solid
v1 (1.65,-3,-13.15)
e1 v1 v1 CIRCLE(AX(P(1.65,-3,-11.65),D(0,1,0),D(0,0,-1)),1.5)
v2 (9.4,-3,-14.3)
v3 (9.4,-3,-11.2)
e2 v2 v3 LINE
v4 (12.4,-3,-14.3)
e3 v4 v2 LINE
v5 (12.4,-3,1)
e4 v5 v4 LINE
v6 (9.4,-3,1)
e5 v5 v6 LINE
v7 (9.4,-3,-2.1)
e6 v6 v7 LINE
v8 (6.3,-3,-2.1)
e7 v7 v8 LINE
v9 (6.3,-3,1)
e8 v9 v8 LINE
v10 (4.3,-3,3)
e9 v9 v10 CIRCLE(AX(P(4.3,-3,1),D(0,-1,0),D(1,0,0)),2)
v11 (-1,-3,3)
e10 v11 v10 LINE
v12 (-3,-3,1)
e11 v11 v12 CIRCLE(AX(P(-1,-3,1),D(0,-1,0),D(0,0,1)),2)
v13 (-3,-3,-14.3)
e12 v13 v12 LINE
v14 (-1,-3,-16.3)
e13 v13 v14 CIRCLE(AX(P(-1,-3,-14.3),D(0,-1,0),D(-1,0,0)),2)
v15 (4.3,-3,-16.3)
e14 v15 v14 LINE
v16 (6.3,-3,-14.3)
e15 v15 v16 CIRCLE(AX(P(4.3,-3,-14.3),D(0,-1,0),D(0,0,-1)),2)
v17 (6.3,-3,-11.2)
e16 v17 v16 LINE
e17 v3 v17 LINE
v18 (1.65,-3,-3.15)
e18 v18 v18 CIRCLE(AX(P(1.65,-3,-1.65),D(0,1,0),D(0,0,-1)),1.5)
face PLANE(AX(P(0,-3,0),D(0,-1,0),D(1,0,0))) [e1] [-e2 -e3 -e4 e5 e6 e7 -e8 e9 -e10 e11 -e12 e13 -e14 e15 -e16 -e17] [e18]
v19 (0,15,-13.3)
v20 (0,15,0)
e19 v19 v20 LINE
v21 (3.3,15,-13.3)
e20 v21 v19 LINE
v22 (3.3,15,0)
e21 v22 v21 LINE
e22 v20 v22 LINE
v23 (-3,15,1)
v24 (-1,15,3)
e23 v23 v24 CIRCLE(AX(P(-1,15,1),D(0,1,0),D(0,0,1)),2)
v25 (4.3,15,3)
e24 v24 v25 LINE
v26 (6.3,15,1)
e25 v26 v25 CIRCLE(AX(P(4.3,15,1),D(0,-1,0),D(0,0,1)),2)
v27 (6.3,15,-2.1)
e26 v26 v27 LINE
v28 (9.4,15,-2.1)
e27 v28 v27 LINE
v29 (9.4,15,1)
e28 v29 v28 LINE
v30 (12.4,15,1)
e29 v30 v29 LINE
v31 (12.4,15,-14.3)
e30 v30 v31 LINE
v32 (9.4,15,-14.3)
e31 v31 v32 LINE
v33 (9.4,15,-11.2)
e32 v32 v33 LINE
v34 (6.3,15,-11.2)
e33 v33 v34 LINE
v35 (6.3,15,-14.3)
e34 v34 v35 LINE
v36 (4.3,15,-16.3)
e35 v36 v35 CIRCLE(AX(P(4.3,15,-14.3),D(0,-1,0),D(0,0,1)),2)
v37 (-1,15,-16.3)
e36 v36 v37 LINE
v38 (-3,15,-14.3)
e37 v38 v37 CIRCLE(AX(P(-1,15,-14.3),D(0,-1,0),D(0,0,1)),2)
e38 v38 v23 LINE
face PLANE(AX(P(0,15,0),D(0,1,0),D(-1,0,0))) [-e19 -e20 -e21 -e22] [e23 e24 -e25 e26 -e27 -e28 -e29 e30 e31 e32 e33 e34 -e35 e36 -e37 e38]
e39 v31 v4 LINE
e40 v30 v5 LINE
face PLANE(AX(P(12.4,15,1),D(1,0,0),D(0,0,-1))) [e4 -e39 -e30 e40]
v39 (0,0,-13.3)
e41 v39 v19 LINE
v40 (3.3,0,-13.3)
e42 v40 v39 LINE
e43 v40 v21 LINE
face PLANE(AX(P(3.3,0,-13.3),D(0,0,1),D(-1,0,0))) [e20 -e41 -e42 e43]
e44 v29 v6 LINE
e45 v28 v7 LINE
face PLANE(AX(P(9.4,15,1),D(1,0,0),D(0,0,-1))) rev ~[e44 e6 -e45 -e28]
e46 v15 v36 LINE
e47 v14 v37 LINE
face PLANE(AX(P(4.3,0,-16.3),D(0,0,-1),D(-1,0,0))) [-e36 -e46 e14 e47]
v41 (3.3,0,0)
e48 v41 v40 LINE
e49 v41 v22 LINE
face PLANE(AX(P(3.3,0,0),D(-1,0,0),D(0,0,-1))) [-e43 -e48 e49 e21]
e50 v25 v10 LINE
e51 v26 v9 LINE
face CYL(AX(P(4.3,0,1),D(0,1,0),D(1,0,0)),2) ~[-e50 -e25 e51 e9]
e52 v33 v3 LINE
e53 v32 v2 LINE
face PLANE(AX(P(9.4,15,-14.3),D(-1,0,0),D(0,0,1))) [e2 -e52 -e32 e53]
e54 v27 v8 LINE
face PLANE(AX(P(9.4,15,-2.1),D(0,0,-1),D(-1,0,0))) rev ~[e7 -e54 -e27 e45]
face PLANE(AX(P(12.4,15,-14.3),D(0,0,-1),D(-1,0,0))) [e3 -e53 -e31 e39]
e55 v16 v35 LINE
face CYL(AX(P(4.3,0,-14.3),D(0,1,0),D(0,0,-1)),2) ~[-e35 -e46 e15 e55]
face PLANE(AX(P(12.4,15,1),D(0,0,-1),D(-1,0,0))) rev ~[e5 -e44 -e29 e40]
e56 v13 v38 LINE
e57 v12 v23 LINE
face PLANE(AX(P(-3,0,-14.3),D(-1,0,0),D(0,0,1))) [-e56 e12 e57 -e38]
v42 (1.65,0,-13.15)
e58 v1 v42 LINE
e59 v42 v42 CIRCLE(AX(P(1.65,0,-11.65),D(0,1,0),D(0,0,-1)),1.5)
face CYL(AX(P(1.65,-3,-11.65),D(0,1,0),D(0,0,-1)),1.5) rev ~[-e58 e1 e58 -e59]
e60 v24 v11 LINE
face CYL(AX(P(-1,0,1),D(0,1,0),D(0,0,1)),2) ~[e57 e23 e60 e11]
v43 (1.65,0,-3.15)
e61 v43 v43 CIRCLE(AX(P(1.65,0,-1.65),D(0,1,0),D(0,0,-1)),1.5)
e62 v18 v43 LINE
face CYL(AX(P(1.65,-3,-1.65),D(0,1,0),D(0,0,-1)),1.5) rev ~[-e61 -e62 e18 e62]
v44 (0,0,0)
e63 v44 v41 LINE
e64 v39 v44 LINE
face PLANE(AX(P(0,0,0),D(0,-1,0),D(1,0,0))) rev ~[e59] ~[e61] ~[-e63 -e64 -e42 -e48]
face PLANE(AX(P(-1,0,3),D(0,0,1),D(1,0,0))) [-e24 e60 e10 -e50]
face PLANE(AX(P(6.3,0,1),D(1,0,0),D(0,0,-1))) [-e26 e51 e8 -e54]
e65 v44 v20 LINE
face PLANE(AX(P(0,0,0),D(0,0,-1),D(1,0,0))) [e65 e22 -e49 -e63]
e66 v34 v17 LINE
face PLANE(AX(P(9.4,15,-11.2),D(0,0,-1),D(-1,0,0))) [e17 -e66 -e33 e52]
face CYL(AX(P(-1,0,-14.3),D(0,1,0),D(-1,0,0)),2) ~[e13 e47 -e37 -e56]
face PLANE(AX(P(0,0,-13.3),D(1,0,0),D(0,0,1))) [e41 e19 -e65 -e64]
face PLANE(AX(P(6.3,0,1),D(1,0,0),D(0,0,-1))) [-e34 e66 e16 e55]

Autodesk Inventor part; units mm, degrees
ref_plane "YZ Plane" through (0, 0, 0) normal (1, 0, 0) x (0, 1, 0)
ref_plane "XZ Plane" through (0, 0, 0) normal (0, 1, 0) x (-1, 0, 0)
ref_plane "XY Plane" through (0, 0, 0) normal (0, 0, 1) x (1, 0, 0)
sketch "Boceto1" plane through (0, 0, 0) normal (0, 1, 0) x (-1, 0, 0)
  line L0 (0, 0) -> (-3.3, 0)
  line L1 (-3.3, 0) -> (-3.3, -13.3)
  line L2 (-3.3, -13.3) -> (0, -13.3)
  line L3 (0, -13.3) -> (0, 0)
  line L4 (3, 3) -> (-6.3, 3)
  line L5 (-6.3, 3) -> (-6.3, -16.3)
  line L6 (-6.3, -16.3) -> (3, -16.3)
  line L7 (3, -16.3) -> (3, 3)
  dimension "d0" = 3.3
  dimension "d1" = 13.3
  dimension "d2" = 3
extrude "Extrusión1" add sketch "Boceto1" along normal blind 15
fillet "Empalme1" radius 2 4 edges at (6.3, 7.5, 3) (-3, 7.5, 3) (-3, 7.5, -16.3) (6.3, 7.5, -16.3)
sketch "Boceto2" plane through (0, 0, 0) normal (0, -1, 0) x (1, 0, 0)
  line L0 (6.3, 1) -> (6.3, -14.3) projected
  arc A0 (6.3, 1) -> (4.3, 3) centre (4.3, 1) ccw projected
  line L1 (-1, 3) -> (4.3, 3) projected
  arc A1 (-1, 3) -> (-3, 1) centre (-1, 1) ccw projected
  line L2 (-3, -14.3) -> (-3, 1) projected
  arc A2 (-3, -14.3) -> (-1, -16.3) centre (-1, -14.3) ccw projected
  line L3 (4.3, -16.3) -> (-1, -16.3) projected
  arc A3 (4.3, -16.3) -> (6.3, -14.3) centre (4.3, -14.3) ccw projected
  point P0 (0, 0)
extrude "Extrusión2" add sketch "Boceto2" along normal blind 3
sketch "Boceto3" plane through (0, 15, 0) normal (0, 1, 0) x (1, 0, 0)
  line L0 (3.3, 13.3) -> (3.3, 0) projected
  line L1 (6.3, -1) -> (6.3, 14.3) projected
  line L2 (12.4, -1) -> (12.4, 14.3)
  line L3 (12.4, -1) -> (9.4, -1)
  line L4 (12.4, -1) -> (15.4, -1) construction
  line L5 (9.4, -1) -> (9.4, 2.1)
  line L6 (9.4, 2.1) -> (6.3, 2.1)
  line L7 (12.4, 14.3) -> (9.4, 14.3)
  line L8 (9.4, 14.3) -> (9.4, 11.2)
  line L9 (9.4, 11.2) -> (6.3, 11.2)
  point P0 (0, 0)
  dimension "d8" = 6.1
  dimension "d9" = 3
  dimension "d10" = 180
  dimension "d11" = 3.1
  dimension "d12" = 3.1
extrude "Extrusión3" add sketch "Boceto3" against normal up to surface (18 mm away)
sketch "Boceto4" plane through (0, -3, 0) normal (0, -1, 0) x (1, 0, 0)
  line L0 (3.3, -13.3) -> (3.3, 0) projected
  line L1 (3.3, 0) -> (0, 0) projected
  line L2 (0, 0) -> (0, -13.3) projected
  line L3 (0, -13.3) -> (3.3, -13.3) projected
  point P0 (1.65, -1.65)
  point P1 (1.65, -11.65)
  point P2 (1.65, -13.3)
  dimension "d15" = 1.65
  dimension "d16" = 1.65
  dimension "d17" = 1.65
hole "Agujero1" at (1.65, -3, -1.65) at (1.65, -3, -11.65) direction (0, 1, 0) diameter 3 end through all
properties part number "cajaIMU"
